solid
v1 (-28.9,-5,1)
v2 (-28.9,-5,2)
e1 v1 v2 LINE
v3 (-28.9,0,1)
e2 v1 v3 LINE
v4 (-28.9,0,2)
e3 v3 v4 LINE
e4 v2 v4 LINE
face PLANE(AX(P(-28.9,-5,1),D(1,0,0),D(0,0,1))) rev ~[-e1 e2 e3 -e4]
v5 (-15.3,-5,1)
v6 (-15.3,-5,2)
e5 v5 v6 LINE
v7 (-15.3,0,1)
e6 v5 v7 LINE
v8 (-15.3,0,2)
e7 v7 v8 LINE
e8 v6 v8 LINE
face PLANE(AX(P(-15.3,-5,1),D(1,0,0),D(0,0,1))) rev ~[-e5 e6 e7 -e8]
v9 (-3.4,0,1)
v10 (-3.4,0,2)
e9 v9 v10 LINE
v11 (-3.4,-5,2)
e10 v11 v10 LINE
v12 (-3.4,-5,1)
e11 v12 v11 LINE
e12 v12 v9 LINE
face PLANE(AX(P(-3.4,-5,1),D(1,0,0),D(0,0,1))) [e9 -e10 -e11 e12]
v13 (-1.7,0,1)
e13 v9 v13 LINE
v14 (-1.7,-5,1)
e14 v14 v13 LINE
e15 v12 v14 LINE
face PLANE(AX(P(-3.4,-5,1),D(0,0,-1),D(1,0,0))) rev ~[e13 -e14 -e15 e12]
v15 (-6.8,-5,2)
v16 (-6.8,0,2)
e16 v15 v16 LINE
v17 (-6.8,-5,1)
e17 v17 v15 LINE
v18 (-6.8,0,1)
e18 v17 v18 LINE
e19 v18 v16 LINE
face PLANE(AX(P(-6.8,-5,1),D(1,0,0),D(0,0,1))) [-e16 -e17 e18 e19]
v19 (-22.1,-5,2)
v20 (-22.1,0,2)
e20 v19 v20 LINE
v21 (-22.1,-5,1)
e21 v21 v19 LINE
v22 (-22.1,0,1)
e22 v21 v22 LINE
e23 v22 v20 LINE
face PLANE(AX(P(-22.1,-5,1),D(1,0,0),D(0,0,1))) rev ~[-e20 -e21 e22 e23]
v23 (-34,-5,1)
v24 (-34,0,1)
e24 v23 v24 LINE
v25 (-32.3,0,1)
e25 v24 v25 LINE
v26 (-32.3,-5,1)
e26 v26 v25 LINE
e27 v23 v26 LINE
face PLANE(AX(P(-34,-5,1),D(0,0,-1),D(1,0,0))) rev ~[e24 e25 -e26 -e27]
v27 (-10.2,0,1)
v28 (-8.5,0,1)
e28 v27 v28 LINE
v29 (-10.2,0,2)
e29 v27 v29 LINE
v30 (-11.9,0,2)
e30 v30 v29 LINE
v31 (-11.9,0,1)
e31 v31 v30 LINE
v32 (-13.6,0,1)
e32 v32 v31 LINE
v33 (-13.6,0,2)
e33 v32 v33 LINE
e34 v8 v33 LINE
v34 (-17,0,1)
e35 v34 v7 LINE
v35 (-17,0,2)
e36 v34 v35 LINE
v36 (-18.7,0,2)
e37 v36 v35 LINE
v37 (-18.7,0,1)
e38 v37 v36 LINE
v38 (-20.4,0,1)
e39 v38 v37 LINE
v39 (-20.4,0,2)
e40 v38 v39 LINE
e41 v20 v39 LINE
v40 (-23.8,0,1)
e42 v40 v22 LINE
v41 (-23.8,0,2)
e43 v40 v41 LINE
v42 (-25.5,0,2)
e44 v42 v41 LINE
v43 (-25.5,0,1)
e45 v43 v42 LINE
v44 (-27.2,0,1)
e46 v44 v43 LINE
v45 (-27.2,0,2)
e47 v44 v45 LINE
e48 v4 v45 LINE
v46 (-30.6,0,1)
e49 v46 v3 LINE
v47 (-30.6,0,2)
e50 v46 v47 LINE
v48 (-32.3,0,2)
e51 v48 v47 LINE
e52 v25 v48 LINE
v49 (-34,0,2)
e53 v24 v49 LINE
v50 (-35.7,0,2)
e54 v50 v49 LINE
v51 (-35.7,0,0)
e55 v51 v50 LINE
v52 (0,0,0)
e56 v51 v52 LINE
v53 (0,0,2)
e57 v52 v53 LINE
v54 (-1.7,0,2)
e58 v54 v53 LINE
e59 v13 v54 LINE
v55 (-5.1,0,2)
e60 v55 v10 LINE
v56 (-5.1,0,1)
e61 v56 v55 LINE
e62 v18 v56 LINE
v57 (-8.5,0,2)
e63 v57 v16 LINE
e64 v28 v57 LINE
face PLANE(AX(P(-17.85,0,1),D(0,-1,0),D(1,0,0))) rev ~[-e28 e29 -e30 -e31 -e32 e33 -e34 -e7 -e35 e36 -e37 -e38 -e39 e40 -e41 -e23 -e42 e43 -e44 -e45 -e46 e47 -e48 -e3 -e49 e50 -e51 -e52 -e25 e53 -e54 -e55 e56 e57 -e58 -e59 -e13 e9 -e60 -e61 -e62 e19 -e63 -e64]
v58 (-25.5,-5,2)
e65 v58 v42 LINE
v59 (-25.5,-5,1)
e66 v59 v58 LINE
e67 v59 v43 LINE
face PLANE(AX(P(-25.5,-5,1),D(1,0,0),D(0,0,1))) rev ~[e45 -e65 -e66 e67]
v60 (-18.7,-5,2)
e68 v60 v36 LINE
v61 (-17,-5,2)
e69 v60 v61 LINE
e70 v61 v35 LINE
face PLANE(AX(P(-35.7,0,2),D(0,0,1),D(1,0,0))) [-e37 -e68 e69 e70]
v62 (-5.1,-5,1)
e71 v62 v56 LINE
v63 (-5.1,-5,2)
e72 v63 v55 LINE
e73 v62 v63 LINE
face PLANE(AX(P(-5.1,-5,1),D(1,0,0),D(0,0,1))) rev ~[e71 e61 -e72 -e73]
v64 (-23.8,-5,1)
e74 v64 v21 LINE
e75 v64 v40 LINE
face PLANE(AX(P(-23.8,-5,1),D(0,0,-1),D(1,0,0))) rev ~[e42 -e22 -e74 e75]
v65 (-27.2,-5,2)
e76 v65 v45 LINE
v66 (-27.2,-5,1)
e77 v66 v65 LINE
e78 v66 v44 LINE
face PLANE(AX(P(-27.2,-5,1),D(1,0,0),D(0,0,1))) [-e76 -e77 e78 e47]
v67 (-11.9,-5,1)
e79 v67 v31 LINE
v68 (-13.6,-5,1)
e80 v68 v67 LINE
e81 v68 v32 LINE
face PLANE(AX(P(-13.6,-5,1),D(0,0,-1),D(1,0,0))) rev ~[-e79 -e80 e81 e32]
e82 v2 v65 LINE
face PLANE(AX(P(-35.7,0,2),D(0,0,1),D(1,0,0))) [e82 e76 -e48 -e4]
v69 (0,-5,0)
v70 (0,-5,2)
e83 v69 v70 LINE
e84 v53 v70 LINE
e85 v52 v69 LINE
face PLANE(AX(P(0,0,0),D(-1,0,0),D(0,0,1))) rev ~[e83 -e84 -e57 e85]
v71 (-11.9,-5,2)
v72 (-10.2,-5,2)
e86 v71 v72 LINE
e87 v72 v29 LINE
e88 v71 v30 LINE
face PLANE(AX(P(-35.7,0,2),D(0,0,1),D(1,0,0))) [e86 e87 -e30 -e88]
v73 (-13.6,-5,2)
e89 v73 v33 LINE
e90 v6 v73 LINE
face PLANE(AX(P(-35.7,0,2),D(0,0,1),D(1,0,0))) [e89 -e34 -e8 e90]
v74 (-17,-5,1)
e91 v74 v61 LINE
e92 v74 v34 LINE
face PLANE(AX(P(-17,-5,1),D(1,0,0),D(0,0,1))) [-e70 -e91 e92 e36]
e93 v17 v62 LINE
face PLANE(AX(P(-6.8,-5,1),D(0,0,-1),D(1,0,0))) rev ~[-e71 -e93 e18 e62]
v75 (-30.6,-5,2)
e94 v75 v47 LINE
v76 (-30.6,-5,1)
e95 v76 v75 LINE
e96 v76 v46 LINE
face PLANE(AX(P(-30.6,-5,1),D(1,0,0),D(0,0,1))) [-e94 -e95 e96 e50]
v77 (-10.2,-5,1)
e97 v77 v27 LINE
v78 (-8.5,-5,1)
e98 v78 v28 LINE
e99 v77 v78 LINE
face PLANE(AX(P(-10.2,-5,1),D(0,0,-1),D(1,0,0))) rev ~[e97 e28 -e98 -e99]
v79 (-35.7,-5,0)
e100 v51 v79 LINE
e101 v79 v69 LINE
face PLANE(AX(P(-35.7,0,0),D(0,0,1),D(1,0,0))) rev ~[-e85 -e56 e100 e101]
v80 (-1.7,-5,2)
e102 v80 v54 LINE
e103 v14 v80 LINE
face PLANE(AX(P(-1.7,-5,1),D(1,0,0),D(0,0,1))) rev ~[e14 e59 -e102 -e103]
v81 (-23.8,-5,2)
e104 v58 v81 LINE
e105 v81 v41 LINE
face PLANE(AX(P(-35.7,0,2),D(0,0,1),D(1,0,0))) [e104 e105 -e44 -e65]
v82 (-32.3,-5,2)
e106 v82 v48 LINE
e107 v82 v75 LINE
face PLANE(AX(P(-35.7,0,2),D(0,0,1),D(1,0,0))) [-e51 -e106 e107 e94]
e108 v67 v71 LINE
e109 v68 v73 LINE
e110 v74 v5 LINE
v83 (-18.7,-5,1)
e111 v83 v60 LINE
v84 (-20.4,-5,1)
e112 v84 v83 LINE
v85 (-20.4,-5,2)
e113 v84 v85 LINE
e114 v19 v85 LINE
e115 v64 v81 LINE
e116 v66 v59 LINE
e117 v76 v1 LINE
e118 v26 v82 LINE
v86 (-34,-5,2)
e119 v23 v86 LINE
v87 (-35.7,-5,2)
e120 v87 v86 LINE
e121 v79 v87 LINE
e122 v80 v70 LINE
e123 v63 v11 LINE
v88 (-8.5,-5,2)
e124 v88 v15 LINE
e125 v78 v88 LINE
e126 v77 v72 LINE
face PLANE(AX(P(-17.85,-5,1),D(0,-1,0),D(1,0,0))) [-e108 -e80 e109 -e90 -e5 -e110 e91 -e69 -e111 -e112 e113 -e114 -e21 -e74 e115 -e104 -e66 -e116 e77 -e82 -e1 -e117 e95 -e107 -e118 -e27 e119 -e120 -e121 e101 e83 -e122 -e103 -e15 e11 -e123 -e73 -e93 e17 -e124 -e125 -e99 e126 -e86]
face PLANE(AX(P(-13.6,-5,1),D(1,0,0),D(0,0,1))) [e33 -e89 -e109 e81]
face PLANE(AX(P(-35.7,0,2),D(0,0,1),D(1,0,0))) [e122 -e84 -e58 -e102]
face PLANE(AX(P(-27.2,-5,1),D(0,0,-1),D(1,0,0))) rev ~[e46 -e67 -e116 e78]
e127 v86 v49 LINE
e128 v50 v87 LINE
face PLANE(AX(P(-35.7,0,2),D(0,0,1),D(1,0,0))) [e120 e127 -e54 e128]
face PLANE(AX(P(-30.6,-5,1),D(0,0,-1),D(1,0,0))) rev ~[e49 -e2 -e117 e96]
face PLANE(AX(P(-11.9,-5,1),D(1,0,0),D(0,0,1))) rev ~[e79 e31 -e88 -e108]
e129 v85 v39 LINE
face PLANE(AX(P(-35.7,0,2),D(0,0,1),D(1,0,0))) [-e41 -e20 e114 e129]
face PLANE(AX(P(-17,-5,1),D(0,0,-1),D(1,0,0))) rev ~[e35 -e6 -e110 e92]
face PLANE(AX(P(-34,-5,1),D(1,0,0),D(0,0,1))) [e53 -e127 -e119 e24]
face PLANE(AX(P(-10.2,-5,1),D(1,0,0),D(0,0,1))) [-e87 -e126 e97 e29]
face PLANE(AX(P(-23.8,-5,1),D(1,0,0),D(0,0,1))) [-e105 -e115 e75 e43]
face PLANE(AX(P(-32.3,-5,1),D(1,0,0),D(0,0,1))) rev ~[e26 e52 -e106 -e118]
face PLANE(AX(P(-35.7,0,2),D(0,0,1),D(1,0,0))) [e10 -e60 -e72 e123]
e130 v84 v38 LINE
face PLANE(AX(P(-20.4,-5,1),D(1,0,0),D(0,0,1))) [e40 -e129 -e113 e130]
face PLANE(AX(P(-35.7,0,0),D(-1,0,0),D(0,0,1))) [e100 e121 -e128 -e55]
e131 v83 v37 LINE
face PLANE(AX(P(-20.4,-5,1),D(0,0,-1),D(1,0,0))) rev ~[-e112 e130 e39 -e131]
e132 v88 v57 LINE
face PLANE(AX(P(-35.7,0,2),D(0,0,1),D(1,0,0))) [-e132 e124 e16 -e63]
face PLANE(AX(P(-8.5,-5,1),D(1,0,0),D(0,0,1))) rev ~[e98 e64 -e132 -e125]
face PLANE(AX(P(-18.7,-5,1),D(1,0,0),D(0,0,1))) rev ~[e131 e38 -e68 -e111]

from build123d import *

# Parameters (mm, degrees)
F0_W     = 35.7
F0_H     = 2
F1_DEPTH = 5
F2_W     = 1.7
F2_H     = 1
F3_DEPTH = 5
F4_DEPTH = 5


with BuildPart() as f1:
    # F0 (on Front) → F1 (new body)
    with BuildSketch(Plane.XZ):
        with Locations((-17.85, 1)):
            Rectangle(F0_W, F0_H)
    extrude(amount=F1_DEPTH)

    # F2 (on face) → F3 (cut)
    with BuildSketch(Plane.XZ.offset(5)):
        with Locations((-33.15, 1.5)):
            Rectangle(F2_W, F2_H)
        with Locations((-29.75, 1.5)):
            Rectangle(F2_W, F2_H)
        with Locations((-26.35, 1.5)):
            Rectangle(F2_W, F2_H)
        with Locations((-22.95, 1.5)):
            Rectangle(F2_W, F2_H)
        with Locations((-19.55, 1.5)):
            Rectangle(F2_W, F2_H)
        with Locations((-16.15, 1.5)):
            Rectangle(F2_W, F2_H)
        with Locations((-12.75, 1.5)):
            Rectangle(F2_W, F2_H)
    extrude(amount=-F3_DEPTH, mode=Mode.SUBTRACT)

    # F2 (on face) → F4 (cut)
    with BuildSketch(Plane.XZ.offset(5)):
        with Locations((-9.35, 1.5)):
            Rectangle(F2_W, F2_H)
        with Locations((-5.95, 1.5)):
            Rectangle(F2_W, F2_H)
        with Locations((-2.55, 1.5)):
            Rectangle(F2_W, F2_H)
    extrude(amount=-F4_DEPTH, mode=Mode.SUBTRACT)


solid = f1.part
